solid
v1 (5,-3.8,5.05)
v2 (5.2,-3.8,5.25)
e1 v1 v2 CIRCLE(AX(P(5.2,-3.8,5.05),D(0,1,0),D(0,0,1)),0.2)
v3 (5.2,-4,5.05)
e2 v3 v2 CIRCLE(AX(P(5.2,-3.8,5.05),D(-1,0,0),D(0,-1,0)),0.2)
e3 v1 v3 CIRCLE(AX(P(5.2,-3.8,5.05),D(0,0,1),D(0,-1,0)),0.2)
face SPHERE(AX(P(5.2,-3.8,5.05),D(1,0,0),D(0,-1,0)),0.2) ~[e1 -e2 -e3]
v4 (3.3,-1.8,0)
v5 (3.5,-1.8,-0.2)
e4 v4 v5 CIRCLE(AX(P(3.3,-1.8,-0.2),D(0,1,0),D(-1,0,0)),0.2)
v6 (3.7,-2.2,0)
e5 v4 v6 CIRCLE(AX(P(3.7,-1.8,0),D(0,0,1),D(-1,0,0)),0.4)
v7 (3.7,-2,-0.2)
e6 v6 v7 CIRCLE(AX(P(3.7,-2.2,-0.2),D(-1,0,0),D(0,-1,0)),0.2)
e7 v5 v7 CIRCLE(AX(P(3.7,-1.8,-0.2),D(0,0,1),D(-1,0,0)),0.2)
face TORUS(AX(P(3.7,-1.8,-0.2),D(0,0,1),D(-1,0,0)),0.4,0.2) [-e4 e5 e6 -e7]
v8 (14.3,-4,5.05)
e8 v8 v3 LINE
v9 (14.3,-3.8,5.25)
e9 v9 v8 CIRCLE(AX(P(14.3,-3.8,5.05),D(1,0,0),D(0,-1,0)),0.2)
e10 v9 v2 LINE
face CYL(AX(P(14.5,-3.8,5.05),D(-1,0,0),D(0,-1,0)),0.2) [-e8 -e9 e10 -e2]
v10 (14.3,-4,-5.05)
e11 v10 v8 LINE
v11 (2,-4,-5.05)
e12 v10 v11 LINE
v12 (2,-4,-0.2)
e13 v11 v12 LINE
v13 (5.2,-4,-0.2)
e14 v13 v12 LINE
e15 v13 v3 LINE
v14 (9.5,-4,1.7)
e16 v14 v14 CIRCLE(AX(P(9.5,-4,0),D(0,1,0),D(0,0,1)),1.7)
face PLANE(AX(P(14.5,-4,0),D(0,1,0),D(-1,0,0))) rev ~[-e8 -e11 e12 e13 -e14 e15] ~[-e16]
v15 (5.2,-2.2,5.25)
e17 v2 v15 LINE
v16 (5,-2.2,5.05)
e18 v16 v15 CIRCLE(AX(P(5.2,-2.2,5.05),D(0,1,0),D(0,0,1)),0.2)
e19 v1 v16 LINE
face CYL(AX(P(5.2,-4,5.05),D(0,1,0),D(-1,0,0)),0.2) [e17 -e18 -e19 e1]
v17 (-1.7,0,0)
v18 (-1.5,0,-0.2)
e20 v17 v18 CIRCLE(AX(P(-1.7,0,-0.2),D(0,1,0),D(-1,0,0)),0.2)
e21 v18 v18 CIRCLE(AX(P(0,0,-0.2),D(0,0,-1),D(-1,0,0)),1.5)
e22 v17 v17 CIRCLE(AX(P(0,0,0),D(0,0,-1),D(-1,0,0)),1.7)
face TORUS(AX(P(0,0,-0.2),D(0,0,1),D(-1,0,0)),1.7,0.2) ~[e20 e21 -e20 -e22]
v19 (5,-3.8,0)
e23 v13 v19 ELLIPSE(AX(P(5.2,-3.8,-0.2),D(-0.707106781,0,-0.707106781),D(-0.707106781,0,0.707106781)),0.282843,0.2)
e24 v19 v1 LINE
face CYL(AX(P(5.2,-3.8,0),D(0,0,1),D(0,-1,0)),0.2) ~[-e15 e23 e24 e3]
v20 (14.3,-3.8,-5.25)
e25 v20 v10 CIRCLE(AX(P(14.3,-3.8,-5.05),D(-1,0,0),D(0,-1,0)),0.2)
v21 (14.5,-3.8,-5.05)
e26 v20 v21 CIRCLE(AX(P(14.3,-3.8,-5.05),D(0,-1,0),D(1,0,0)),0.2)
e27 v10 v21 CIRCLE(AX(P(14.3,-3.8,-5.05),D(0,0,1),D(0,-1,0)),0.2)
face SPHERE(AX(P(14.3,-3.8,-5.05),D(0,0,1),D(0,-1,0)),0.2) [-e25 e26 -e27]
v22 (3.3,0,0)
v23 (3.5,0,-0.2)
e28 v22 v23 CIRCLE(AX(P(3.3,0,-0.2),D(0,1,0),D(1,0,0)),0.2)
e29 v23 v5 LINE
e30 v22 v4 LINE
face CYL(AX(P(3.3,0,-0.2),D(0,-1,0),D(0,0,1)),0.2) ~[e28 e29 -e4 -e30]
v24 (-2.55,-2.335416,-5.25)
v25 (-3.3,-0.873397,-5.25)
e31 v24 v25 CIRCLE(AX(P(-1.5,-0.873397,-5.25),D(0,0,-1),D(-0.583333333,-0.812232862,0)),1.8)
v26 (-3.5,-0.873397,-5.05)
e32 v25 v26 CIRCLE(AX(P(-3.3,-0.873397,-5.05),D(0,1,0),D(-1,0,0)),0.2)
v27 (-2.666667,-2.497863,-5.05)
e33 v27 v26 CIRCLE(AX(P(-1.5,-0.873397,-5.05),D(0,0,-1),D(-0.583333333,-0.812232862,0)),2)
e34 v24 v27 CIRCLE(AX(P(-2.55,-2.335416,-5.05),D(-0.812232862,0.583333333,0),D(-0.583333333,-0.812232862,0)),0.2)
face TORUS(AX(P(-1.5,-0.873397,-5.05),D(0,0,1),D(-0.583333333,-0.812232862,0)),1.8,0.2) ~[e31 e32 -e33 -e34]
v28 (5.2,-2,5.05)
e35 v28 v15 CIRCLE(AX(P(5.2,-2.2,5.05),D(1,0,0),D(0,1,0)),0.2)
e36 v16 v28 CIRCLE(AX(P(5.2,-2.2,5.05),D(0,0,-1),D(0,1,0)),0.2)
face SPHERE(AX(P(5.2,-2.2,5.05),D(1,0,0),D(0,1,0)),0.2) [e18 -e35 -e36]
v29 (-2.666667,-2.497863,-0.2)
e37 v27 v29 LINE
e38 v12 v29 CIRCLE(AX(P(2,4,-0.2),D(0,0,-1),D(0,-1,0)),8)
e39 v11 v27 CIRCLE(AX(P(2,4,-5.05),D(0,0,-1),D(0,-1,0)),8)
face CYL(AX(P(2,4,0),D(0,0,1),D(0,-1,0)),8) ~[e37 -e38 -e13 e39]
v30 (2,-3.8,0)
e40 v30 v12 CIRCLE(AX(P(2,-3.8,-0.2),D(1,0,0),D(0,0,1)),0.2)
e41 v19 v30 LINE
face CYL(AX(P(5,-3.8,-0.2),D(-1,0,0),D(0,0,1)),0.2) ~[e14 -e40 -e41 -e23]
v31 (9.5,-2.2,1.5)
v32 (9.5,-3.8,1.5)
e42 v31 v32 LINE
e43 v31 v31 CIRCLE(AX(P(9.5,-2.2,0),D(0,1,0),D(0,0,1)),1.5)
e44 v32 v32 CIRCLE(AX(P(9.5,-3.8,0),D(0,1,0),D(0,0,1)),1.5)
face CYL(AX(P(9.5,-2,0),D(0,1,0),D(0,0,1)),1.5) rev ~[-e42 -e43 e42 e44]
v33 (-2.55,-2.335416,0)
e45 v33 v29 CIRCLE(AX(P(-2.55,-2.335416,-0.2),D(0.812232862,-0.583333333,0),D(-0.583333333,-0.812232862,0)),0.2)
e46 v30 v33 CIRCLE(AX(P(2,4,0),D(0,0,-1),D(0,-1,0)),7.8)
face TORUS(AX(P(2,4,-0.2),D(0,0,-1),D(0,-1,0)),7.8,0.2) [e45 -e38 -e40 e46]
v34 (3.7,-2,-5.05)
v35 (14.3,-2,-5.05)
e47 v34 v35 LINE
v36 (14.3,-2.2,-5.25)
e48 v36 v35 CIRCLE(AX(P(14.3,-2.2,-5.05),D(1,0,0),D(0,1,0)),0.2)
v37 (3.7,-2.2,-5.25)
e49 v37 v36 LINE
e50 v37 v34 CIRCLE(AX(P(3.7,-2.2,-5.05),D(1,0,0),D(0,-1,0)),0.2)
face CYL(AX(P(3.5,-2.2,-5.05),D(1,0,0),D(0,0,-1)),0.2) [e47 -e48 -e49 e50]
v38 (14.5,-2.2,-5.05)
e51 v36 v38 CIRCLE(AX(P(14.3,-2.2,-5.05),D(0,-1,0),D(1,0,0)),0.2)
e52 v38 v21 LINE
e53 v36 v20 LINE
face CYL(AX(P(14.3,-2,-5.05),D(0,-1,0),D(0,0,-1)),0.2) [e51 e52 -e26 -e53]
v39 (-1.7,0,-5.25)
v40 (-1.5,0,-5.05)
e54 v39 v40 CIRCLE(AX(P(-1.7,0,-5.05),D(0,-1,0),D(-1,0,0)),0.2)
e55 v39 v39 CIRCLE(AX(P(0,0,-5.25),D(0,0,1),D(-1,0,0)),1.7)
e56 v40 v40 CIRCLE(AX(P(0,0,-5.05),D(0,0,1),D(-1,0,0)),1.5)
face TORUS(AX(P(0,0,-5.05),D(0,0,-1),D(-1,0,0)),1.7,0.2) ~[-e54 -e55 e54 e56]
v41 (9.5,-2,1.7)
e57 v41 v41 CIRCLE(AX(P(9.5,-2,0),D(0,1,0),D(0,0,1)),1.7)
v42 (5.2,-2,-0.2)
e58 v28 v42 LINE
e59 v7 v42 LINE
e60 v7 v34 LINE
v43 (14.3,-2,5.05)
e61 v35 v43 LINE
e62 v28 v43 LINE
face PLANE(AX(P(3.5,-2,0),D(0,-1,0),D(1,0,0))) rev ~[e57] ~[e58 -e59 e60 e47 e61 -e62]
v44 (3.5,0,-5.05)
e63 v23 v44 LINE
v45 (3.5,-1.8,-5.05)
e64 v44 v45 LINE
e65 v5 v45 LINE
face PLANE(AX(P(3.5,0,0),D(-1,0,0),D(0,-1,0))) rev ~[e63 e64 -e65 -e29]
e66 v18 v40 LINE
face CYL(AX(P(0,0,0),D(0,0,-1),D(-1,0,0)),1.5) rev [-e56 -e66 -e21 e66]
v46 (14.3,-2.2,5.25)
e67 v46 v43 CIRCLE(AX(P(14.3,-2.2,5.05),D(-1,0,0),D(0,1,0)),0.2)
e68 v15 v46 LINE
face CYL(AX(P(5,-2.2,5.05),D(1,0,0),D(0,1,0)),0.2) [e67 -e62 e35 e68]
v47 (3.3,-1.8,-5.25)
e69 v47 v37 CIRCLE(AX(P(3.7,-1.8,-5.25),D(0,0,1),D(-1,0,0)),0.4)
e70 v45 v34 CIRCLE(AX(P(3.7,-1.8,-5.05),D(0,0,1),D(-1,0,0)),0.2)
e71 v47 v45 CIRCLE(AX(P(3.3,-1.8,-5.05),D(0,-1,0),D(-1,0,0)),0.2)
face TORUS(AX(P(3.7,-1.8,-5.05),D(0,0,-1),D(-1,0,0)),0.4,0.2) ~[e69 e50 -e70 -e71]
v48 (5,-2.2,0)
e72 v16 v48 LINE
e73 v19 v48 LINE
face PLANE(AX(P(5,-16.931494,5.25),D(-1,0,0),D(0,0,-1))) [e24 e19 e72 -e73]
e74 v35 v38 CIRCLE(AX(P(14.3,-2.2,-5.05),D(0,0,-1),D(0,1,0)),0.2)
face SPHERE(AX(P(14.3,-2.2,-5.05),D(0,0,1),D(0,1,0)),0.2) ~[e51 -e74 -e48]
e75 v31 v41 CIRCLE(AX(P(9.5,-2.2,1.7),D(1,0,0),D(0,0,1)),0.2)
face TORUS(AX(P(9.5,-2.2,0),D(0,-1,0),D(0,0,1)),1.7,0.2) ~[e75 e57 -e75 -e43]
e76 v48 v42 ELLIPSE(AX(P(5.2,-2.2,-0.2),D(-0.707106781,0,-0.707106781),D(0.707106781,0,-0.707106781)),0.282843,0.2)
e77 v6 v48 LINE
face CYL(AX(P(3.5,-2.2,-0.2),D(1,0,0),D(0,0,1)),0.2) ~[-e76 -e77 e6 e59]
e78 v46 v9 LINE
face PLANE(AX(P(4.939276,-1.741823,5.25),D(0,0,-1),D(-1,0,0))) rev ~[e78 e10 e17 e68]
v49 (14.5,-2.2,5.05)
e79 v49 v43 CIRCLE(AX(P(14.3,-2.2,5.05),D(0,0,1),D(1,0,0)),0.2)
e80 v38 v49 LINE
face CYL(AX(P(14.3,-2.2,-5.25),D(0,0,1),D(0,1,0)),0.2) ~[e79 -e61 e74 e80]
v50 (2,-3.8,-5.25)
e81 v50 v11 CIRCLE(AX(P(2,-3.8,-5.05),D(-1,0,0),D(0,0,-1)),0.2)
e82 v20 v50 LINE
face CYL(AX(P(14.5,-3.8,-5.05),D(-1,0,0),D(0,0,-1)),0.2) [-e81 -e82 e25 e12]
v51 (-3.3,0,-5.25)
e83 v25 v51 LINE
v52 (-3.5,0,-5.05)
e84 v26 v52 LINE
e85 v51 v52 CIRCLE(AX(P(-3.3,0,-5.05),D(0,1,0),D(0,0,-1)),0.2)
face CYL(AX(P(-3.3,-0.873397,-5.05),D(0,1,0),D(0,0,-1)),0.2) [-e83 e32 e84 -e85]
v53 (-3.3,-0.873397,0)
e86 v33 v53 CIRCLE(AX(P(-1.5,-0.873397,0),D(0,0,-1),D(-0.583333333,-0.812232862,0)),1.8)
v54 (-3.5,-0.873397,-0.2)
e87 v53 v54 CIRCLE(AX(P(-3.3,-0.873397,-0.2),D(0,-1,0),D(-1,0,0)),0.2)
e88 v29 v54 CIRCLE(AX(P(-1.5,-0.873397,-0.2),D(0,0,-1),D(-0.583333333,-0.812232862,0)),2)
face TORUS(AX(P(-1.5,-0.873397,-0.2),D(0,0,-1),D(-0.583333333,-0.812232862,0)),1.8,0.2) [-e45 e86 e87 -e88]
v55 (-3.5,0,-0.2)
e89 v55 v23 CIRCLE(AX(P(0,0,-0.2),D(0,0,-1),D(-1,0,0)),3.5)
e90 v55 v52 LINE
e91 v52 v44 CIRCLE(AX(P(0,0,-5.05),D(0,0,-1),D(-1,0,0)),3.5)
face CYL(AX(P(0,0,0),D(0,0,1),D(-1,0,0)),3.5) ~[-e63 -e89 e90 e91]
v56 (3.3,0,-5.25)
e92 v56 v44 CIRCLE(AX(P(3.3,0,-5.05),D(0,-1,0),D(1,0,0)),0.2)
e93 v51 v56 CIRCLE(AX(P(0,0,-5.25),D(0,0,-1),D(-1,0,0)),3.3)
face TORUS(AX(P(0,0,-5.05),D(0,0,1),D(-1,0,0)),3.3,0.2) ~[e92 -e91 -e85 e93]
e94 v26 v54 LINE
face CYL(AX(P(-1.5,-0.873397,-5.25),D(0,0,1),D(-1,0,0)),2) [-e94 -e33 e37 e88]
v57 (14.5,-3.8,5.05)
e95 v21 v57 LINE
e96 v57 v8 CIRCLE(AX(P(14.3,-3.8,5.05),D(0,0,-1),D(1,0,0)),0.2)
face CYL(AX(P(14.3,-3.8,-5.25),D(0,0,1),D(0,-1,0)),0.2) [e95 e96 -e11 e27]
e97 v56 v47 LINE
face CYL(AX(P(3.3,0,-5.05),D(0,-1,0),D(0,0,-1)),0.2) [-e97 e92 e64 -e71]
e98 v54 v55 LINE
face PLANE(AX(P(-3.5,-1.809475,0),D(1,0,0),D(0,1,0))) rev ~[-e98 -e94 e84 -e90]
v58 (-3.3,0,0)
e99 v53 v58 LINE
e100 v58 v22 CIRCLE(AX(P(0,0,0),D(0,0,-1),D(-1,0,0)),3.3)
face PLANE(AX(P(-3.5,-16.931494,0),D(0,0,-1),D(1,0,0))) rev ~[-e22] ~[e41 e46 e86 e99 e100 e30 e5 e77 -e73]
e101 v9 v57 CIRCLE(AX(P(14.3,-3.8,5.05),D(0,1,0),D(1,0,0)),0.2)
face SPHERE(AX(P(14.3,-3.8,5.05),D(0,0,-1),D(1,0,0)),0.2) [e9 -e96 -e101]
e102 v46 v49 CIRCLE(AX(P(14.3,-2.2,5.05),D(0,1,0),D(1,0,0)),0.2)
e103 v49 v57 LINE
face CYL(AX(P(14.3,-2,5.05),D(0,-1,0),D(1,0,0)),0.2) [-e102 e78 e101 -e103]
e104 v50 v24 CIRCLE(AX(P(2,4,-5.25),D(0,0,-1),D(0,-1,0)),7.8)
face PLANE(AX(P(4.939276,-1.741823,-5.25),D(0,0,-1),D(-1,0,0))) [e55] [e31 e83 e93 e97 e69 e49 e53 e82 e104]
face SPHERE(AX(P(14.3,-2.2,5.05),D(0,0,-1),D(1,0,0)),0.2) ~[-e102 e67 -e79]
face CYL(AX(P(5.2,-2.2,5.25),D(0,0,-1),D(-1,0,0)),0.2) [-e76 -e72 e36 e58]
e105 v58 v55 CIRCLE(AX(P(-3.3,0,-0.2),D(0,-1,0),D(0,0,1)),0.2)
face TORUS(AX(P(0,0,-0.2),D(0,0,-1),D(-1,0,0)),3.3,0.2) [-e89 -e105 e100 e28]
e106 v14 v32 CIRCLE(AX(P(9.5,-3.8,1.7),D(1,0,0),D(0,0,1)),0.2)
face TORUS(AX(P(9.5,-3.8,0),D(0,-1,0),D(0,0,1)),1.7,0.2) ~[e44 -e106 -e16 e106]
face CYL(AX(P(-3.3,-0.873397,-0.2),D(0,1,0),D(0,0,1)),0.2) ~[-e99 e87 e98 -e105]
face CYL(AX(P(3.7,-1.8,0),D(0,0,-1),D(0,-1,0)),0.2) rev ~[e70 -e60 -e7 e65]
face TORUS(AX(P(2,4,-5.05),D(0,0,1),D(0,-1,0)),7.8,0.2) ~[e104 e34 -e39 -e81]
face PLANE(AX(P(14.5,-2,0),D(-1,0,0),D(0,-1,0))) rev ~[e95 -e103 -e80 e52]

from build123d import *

# Parameters (mm, degrees)
ESQUISSE1_R                  = 1.5
BOSS_EXTRU_1_DEPTH           = 5.25
ENL_V_MAT_EXTRU_1_DEPTH      = 16.931493966
ENL_V_MAT_EXTRU_1_DEPTH_BACK = 16.931493966
ESQUISSE2_W                  = 8.5
ESQUISSE2_H                  = 5.25
ENL_V_MAT_EXTRU_2_REACH      = 18.373
ESQUISSE3_R                  = 1.5
CONG_1_R                     = 2
CONG_2_R                     = 0.2
CONG_3_R                     = 0.2


with BuildPart() as part:
    # Esquisse1 → Boss.-Extru.1 (new, symmetric)
    with BuildSketch(Plane.XY):
        with BuildLine():
            Line((-3.5, -1.809475019), (-3.5, 0))
            ThreePointArc((-3.5, 0), (0, 3.5), (3.5, 0))
            Line((3.5, 0), (3.5, -2))
            Line((3.5, -2), (14.5, -2))
            Line((14.5, -2), (14.5, -4))
            Line((14.5, -4), (2, -4))
            ThreePointArc((2, -4), (-0.960084445, -3.4322204), (-3.5, -1.809475019))
        make_face()
        with Locations(Location((0, 0, 0), (0, 0, 180))):
            Circle(ESQUISSE1_R, mode=Mode.SUBTRACT)
    extrude(amount=BOSS_EXTRU_1_DEPTH, both=True)

    # Esquisse2 → Enlèv. mat.-Extru.1 (cut, two sides: drawn at the far end of the back side and taken through both)
    with BuildSketch(Plane(origin=(0, 0, 0), x_dir=(1, 0, 0), z_dir=(0, 1, 0)).offset(-ENL_V_MAT_EXTRU_1_DEPTH_BACK)):
        with Locations((0.75, -2.625)):
            Rectangle(ESQUISSE2_W, ESQUISSE2_H)
    extrude(amount=ENL_V_MAT_EXTRU_1_DEPTH + ENL_V_MAT_EXTRU_1_DEPTH_BACK, mode=Mode.SUBTRACT)

    # Esquisse3 → Enlèv. mat.-Extru.2 (cut, up to next)
    with BuildSketch(Plane(origin=(0, -2, 0), x_dir=(1, 0, 0), z_dir=(0, 1, 0)), mode=Mode.PRIVATE) as enl_v_mat_extru_2_sk1:
        with Locations(Location((9.5, 0, 0), (0, 0, 270))):
            Circle(ESQUISSE3_R)
    enl_v_mat_extru_2_tool1 = extrude(enl_v_mat_extru_2_sk1.sketch, amount=-ENL_V_MAT_EXTRU_2_REACH, mode=Mode.PRIVATE) & part.part
    add(enl_v_mat_extru_2_tool1.solids().sort_by_distance((9.5, -2, 0))[0], mode=Mode.SUBTRACT)

    # Congé1
    cong_1_edges = [part.edges().sort_by_distance(p)[0] for p in [
        (-3.5, -1.809475019, -2.625),
    ]]
    fillet(cong_1_edges, radius=CONG_1_R)

    # Congé2
    cong_2_edges = [part.edges().sort_by_distance(p)[0] for p in [
        (14.5, -2, 0),
        (14.5, -4, 0),
        (14.5, -3, 5.25),
        (1.5, 0, -5.25),
        (9.75, -2, 5.25),
        (3.5, -2, -2.625),
        (5, -2, 2.625),
        (9.75, -4, 5.25),
        (5, -4, 2.625),
        (3.5, -4, 0),
        (-0.451234059, -3.615211854, 0),
        (0, 3.5, 0),
        (3.5, -1, 0),
        (4.25, -2, 0),
        (1.5, 0, 0),
        (5, -3, 5.25),
        (-0.451234059, -3.615211854, -5.25),
        (-3.279513042, -1.786268102, -5.25),
        (-3.5, -0.436698586, 0),
        (-3.279513042, -1.786268102, 0),
        (3.5, -1, -5.25),
        (9, -2, -5.25),
        (14.5, -3, -5.25),
        (8.25, -4, -5.25),
        (-3.5, -0.436698586, -5.25),
        (0, 3.5, -5.25),
    ]]
    fillet(cong_2_edges, radius=CONG_2_R)

    # Congé3
    cong_3_edges = [part.edges().sort_by_distance(p)[0] for p in [
        (9.5, -2, -1.5),
        (9.5, -4, -1.5),
    ]]
    fillet(cong_3_edges, radius=CONG_3_R)


solid = part.part
